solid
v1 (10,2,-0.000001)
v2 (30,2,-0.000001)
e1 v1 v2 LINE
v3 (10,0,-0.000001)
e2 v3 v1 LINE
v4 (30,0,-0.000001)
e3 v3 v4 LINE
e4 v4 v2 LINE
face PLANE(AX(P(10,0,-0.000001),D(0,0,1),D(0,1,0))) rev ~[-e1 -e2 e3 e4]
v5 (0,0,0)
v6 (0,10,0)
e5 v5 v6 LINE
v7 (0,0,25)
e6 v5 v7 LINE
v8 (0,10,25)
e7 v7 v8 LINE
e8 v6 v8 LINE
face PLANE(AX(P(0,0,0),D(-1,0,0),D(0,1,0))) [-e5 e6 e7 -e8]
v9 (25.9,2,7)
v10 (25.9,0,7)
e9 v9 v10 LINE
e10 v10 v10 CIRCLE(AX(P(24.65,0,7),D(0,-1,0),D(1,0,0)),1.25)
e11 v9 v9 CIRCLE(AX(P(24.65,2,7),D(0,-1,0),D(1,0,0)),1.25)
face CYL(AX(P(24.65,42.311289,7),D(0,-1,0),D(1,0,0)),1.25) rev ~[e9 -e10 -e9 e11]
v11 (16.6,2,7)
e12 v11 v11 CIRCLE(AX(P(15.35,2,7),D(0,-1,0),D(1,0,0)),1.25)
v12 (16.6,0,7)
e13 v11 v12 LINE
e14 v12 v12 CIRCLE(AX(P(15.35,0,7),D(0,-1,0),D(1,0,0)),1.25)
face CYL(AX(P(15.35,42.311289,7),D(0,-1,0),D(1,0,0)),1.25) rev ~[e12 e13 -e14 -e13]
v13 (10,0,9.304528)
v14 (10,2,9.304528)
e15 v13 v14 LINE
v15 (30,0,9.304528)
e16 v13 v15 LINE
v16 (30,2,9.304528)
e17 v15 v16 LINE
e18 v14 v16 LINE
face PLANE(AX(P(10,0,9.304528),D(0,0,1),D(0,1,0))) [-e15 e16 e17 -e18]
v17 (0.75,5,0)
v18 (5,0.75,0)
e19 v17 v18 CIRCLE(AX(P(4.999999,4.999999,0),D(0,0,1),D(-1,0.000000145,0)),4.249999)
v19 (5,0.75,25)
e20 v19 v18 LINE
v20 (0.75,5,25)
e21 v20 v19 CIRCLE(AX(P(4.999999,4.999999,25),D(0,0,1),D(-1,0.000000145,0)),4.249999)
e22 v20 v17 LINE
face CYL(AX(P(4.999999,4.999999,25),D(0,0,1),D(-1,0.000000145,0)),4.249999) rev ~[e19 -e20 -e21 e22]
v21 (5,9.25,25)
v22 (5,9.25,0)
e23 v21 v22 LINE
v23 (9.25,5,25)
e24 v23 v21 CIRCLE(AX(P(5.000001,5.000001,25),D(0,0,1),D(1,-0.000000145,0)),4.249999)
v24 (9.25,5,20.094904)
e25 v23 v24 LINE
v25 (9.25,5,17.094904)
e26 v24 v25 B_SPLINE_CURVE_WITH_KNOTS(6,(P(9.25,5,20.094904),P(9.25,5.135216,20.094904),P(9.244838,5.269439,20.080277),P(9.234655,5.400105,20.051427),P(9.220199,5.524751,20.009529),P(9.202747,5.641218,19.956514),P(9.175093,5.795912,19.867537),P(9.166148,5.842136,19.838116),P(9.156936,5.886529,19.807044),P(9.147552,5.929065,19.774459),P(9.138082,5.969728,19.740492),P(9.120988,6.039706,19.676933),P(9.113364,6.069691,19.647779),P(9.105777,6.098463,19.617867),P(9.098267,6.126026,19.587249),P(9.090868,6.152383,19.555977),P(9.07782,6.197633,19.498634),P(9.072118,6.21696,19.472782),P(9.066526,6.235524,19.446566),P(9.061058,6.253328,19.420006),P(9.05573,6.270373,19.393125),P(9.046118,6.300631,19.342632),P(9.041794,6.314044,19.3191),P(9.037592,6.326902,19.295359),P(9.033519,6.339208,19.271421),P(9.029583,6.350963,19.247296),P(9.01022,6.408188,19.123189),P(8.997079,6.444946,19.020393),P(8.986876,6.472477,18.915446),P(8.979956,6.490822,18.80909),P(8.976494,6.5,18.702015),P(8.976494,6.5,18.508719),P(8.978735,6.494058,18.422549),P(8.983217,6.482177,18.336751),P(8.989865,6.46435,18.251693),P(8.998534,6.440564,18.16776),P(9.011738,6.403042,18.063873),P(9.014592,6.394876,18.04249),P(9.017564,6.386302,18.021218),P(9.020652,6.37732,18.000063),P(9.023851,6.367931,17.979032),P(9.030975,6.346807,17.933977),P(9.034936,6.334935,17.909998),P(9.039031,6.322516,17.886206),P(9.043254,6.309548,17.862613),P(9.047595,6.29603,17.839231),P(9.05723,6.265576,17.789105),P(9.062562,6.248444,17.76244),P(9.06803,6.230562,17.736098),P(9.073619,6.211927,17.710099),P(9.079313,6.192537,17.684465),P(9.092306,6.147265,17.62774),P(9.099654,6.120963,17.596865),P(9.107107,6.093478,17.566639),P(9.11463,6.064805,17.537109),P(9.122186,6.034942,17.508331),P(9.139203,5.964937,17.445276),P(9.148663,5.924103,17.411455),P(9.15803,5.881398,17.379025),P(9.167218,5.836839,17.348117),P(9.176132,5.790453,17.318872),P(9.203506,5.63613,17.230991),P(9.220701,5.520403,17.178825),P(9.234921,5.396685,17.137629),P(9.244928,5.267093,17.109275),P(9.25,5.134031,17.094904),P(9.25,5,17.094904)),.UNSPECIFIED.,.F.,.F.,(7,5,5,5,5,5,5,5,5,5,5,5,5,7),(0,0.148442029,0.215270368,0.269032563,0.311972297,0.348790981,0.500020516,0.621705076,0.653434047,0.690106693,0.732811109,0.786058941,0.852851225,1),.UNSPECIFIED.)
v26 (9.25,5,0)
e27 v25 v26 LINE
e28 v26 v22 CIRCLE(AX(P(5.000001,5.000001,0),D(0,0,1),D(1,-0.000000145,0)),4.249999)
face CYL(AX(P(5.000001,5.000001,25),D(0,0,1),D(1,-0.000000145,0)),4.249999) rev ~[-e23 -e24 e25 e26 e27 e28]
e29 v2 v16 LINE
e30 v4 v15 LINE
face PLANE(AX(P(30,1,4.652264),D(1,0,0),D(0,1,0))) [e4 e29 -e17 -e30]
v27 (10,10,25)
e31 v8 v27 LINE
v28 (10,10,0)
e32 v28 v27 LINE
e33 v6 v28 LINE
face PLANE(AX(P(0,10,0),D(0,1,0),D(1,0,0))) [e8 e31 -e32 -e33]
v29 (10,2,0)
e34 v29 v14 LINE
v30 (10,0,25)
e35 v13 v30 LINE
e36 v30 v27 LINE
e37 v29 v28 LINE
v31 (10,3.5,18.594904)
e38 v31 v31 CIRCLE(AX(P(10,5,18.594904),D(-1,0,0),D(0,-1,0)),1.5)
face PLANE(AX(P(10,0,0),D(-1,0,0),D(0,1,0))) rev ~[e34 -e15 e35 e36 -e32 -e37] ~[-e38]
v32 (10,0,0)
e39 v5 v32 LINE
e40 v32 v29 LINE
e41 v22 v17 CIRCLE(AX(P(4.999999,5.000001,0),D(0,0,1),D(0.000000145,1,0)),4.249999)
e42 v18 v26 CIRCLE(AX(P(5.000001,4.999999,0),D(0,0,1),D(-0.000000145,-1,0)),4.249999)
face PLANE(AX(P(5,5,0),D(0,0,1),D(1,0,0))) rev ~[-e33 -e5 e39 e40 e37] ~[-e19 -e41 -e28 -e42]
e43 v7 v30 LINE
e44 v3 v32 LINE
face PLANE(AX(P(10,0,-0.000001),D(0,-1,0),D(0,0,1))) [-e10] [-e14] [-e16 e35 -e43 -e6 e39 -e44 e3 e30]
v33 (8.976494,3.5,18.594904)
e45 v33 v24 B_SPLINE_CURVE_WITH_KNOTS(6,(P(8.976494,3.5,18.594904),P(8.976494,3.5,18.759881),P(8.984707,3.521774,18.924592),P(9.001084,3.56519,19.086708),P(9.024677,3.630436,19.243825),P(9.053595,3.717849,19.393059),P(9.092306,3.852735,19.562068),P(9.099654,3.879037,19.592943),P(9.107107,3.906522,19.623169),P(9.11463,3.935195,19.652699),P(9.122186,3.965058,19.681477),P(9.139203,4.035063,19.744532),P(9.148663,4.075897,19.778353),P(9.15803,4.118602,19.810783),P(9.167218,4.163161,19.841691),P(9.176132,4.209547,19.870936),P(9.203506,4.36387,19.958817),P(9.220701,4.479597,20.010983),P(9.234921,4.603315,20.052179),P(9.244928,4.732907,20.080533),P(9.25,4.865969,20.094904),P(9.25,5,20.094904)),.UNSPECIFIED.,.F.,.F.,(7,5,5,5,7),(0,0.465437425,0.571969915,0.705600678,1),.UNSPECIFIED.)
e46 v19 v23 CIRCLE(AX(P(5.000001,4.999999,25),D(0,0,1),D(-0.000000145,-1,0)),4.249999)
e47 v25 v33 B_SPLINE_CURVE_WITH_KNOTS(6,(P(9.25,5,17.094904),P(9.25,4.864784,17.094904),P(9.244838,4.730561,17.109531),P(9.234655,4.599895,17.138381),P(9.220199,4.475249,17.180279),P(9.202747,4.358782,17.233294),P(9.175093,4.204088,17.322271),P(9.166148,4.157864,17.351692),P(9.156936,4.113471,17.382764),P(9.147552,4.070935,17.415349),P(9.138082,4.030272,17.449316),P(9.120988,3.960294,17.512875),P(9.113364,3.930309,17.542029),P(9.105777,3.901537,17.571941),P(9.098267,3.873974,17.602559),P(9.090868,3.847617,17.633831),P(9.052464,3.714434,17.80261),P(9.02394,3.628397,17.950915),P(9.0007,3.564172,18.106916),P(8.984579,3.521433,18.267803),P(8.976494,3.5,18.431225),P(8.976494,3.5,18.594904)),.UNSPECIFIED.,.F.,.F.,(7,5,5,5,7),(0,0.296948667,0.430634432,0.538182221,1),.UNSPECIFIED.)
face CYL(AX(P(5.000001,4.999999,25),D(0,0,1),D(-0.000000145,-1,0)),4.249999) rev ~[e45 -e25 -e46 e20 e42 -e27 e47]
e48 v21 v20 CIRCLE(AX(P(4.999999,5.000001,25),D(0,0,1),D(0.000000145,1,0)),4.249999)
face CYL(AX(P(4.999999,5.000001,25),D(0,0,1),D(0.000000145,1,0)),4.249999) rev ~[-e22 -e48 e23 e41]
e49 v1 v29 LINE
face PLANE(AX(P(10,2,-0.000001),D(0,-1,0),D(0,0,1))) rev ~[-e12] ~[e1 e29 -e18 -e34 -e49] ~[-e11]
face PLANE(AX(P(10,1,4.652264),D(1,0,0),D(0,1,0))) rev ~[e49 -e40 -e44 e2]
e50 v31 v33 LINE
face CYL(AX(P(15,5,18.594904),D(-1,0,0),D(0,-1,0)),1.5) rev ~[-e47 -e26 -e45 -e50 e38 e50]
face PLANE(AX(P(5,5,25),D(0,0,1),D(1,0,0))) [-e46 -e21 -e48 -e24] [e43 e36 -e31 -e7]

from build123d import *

# Parameters (mm, degrees)
F0_W     = 10
F0_H     = 10
F1_DEPTH = 25
F3_DEPTH = 25.001
F4_W     = 2
F4_H     = 9.304529
F5_DEPTH = 20
F7_D     = 2.5
F9_D     = 3
F9_DEPTH = 5


with BuildPart() as f1:
    # F0 (on Top) → F1 (new body)
    with BuildSketch(Plane.XY):
        with Locations((5, 5)):
            Rectangle(F0_W, F0_H)
    extrude(amount=F1_DEPTH)

    # F2 (on face) → F3 (cut, through all)
    with BuildSketch(Plane.XY.offset(25)):
        with BuildLine():
            ThreePointArc((9.25, 5), (8.005204, 8.005204), (5, 9.25))
            Line((5, 9.25), (5, 5))
            Line((5, 5), (9.25, 5))
        make_face()
        with BuildLine():
            Line((5, 5), (5, 9.25))
            ThreePointArc((5, 9.25), (1.994796, 8.005204), (0.75, 5))
            Line((0.75, 5), (5, 5))
        make_face()
        with BuildLine():
            Line((9.25, 5), (5, 5))
            Line((5, 5), (5, 0.75))
            ThreePointArc((5, 0.75), (8.005204, 1.994796), (9.25, 5))
        make_face()
        with BuildLine():
            Line((5, 0.75), (5, 5))
            Line((5, 5), (0.75, 5))
            ThreePointArc((0.75, 5), (1.994796, 1.994796), (5, 0.75))
        make_face()
    extrude(amount=-F3_DEPTH, mode=Mode.SUBTRACT)

    # F4 (on face) → F5 (join)
    with BuildSketch(Plane.YZ.offset(10)):
        with Locations((1, 4.652264)):
            Rectangle(F4_W, F4_H)
    extrude(amount=F5_DEPTH)

    # F7 (through all)
    with Locations(Plane(origin=(0, 2, 0), x_dir=(-1, 0, 0), z_dir=(0, 1, 0))):
        with Locations((-15.35, 7), (-24.65, 7)):
            Hole(F7_D / 2)

    # F9
    with Locations(Plane.YZ.offset(10)):
        with Locations((5, 18.594904)):
            Hole(F9_D / 2, depth=F9_DEPTH)


solid = f1.part
